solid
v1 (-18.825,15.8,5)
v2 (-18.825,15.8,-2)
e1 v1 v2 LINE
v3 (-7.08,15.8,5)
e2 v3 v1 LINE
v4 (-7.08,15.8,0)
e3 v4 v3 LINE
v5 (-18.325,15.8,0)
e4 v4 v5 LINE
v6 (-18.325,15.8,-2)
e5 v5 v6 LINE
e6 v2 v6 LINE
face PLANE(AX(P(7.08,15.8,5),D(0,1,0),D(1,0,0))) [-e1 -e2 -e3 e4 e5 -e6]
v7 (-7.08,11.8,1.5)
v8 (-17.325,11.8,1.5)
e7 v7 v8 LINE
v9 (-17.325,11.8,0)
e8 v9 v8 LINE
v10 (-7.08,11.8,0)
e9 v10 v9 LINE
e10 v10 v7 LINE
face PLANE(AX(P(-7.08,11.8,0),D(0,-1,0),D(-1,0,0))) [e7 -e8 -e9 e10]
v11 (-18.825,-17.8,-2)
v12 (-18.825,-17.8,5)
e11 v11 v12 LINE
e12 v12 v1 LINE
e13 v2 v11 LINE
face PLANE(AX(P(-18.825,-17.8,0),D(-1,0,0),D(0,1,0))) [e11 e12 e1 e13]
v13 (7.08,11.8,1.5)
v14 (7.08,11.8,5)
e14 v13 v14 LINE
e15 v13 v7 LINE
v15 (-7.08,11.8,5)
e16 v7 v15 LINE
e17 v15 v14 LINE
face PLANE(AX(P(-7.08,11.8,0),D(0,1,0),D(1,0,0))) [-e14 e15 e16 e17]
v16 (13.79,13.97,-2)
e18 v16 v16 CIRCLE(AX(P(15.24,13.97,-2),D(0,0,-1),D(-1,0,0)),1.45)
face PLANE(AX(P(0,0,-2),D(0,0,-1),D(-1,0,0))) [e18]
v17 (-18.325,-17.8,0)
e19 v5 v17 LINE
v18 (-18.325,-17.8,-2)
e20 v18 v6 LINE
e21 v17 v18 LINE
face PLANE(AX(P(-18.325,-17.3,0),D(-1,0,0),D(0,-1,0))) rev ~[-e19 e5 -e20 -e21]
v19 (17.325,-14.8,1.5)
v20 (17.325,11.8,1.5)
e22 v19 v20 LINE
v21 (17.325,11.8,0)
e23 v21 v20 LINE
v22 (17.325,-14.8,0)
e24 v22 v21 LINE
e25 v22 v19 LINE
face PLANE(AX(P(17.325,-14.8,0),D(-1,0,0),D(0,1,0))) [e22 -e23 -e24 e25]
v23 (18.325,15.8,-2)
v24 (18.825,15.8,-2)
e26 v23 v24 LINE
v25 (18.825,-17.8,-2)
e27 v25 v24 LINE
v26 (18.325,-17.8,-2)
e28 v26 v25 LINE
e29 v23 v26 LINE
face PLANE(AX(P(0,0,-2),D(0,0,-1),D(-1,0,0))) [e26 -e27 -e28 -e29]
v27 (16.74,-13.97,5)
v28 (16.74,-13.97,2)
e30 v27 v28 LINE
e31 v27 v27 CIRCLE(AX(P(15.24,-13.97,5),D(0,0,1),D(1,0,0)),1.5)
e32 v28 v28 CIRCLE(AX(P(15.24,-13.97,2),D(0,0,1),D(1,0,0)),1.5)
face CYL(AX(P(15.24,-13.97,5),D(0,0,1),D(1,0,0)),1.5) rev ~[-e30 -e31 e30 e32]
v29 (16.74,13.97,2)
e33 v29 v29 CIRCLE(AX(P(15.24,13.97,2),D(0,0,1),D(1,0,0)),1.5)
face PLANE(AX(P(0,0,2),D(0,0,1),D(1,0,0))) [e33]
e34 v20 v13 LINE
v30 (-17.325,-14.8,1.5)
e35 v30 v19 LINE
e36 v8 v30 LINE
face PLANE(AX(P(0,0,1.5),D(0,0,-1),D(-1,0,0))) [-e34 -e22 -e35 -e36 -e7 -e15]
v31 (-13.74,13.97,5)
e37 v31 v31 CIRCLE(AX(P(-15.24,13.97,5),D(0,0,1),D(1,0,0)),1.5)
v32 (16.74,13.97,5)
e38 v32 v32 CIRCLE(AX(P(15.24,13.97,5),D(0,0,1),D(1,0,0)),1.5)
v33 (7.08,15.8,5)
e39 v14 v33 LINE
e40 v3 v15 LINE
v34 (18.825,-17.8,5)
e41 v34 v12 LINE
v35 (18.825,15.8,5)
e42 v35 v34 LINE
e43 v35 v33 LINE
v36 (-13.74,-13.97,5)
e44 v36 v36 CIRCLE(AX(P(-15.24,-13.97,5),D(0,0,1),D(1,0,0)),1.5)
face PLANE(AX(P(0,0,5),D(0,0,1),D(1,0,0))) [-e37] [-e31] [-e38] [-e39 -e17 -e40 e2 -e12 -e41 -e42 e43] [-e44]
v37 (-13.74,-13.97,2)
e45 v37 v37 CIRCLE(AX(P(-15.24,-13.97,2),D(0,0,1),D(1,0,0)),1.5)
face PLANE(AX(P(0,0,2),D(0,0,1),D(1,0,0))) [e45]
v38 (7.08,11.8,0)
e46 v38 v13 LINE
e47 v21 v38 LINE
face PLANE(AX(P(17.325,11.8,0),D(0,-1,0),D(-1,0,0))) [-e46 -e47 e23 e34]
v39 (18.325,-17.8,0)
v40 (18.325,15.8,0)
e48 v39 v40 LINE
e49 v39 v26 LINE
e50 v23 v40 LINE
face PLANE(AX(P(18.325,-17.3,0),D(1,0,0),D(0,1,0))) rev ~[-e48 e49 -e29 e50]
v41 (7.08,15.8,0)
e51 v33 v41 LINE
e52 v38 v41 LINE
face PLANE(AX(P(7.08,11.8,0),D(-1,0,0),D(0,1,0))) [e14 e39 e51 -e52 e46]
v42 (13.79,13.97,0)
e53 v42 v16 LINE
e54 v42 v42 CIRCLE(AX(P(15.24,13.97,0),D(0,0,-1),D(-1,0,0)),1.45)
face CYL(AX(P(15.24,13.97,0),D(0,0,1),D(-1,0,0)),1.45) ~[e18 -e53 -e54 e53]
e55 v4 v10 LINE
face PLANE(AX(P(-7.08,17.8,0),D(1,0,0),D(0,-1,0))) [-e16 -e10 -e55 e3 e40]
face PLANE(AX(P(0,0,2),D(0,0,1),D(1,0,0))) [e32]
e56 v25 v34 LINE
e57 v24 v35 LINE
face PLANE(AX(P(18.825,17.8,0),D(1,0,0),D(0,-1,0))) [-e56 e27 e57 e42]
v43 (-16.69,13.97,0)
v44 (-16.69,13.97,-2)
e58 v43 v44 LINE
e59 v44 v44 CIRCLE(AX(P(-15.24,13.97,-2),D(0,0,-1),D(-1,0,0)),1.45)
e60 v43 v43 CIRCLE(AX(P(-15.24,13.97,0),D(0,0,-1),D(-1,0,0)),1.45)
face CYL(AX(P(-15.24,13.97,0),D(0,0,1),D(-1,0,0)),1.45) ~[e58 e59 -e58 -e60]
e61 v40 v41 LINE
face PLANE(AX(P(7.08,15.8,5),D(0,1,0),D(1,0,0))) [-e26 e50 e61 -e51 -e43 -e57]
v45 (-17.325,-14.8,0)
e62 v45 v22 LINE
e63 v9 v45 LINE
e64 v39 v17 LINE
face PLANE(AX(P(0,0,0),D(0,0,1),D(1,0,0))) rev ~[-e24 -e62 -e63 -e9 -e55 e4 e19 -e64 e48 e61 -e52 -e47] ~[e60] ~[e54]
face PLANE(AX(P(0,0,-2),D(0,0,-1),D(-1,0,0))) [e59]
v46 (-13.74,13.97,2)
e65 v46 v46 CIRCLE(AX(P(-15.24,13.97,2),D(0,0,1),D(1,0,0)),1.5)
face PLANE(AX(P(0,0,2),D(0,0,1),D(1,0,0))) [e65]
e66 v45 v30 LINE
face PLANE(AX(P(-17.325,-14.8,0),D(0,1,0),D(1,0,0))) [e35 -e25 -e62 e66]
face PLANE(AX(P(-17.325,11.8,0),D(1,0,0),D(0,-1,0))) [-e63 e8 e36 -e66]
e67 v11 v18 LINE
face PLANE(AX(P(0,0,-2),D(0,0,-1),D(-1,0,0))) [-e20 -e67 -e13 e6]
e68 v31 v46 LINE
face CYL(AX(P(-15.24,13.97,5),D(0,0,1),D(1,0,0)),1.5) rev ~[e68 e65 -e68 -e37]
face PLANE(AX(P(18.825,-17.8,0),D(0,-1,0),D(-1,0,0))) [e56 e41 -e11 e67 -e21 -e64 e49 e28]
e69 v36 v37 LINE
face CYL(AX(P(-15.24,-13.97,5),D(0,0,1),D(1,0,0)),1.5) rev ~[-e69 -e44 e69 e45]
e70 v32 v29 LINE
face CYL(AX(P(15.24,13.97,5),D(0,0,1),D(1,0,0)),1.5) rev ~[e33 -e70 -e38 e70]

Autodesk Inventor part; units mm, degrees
ref_plane "YZ Plane" through (0, 0, 0) normal (1, 0, 0) x (0, 1, 0)
ref_plane "XZ Plane" through (0, 0, 0) normal (0, 1, 0) x (-1, 0, 0)
ref_plane "XY Plane" through (0, 0, 0) normal (0, 0, 1) x (1, 0, 0)
ref_plane "Work Plane1" through (0, 0, 0) normal (0, 0, 1) x (1, 0, 0)
sketch "Sketch1" plane through (0, 0, 0) normal (0, 0, 1) x (1, 0, 0)
  line L0 (-17.825, 16.8) -> (-17.825, -16.8) construction
  line L1 (-17.825, -16.8) -> (-7, -16.8) construction
  line L2 (-7, -16.8) -> (-7, -13.05) construction
  line L3 (-7, -13.05) -> (7, -13.05) construction
  line L4 (7, -13.05) -> (7, -16.8) construction
  line L5 (7, -16.8) -> (17.825, -16.8) construction
  line L6 (17.825, -16.8) -> (17.825, 16.8) construction
  line L7 (17.825, 16.8) -> (-17.825, 16.8) construction
  circle A0 centre (15.24, 13.97) radius 2.5 construction
  circle A1 centre (-15.24, 13.97) radius 2.5 construction
  circle A2 centre (-15.24, -13.97) radius 2.5 construction
  circle A3 centre (15.24, -13.97) radius 2.5 construction
  line L8 (-18.825, 17.8) -> (-7.08, 17.8)
  line L9 (-7.08, 17.8) -> (-7.08, 11.8)
  line L10 (-7.08, 11.8) -> (7.08, 11.8)
  line L11 (7.08, 11.8) -> (7.08, 17.8)
  line L12 (7.08, 17.8) -> (18.825, 17.8)
  line L13 (18.825, 17.8) -> (18.825, -17.8)
  line L14 (18.825, -17.8) -> (-18.825, -17.8)
  line L15 (-18.825, -17.8) -> (-18.825, 17.8)
  line L16 (-5.08, 14.5) -> (-5.08, 16.3) projected
  line L17 (5.08, 14.5) -> (5.08, 16.3) projected
  point P0 (0, 0)
  dimension "d0" = 1
  dimension "d1" = 1
  dimension "d2" = 1
  dimension "d3" = 1
  dimension "d4" = 2
  dimension "d5" = 5
extrude "Extrusion1" add sketch "Sketch1" along normal blind 5
sketch "Sketch2" plane through (0, 0, 5) normal (0, 0, 1) x (1, 0, 0)
  circle A0 centre (-15.24, 13.97) radius 1.5 projected
  circle A1 centre (-15.24, -13.97) radius 1.5 projected
  circle A2 centre (15.24, -13.97) radius 1.5 projected
  circle A3 centre (15.24, 13.97) radius 1.5 projected
  point P0 (0, 0)
extrude "Extrusion2" cut sketch "Sketch2" against normal blind 3
sketch "Sketch3" plane through (0, 0, 0) normal (0, 0, -1) x (-1, 0, 0)
  circle A0 centre (-15.24, 13.97) radius 1.5 construction
  circle A1 centre (15.24, 13.97) radius 1.5 construction
  circle A2 centre (15.24, -13.97) radius 1.5 construction
  circle A3 centre (-15.24, -13.97) radius 1.5 construction
  circle A4 centre (-15.24, 13.97) radius 1.45
  circle A5 centre (15.24, 13.97) radius 1.45
  circle A6 centre (15.24, -13.97) radius 1.45
  circle A7 centre (-15.24, -13.97) radius 1.45
  point P0 (0, 0)
  dimension "d10" = 2.9
extrude "Extrusion3" add sketch "Sketch3" along normal blind 2 contours A4 | A5
sketch "Sketch4" plane through (0, 0, 0) normal (0, 0, -1) x (-1, 0, 0)
  line L0 (18.825, 17.8) -> (18.825, -17.8) projected
  line L1 (7.08, 17.8) -> (18.825, 17.8) projected
  line L2 (-18.825, 17.8) -> (-7.08, 17.8) projected
  line L3 (-18.825, -17.8) -> (-18.825, 17.8) projected
  line L4 (18.825, -17.8) -> (-18.825, -17.8) projected
  line L5 (7.08, 11.8) -> (7.08, 17.8) projected
  line L6 (7.08, 17.8) -> (7.08, 17.3)
  line L7 (7.08, 17.3) -> (18.325, 17.3)
  line L8 (18.325, 17.3) -> (18.325, -17.3)
  line L9 (18.325, -17.3) -> (-18.325, -17.3)
  line L10 (-18.325, -17.3) -> (-18.325, 17.3)
  line L11 (-18.325, 17.3) -> (-7.08, 17.3)
  line L12 (-7.08, 17.3) -> (-7.08, 17.8)
  line L13 (-18.325, -17.3) -> (-18.325, -17.8)
  line L14 (18.325, -17.3) -> (18.325, -17.8)
  line L15 (18.825, -17.8) -> (-18.825, -17.8) projected
  point P0 (0, 0)
  dimension "d13" = 0.5
  dimension "d14" = 0.5
  dimension "d15" = 0.5
  dimension "d16" = 0.5
extrude "Extrusion4" add sketch "Sketch4" along normal blind 2 contours L0 L4 L14 L8 L7 L5 L1 | L4 L3 L2 L12 L11 L10 L13
sketch "Sketch5" plane through (7.08, 17.8, 5) normal (0, 1, 0) x (1, 0, 0)
  line L0 (23.7251, 17.6627) -> (-33.6889, 17.6627)
  line L1 (-33.6889, 17.6627) -> (-33.6889, -9.8348)
  line L2 (-33.6889, -9.8348) -> (23.7251, -9.8348)
  line L3 (23.7251, -9.8348) -> (23.7251, 17.6627)
  point P0 (-7.08, 5)
extrude "Extrusion5" cut sketch "Sketch5" against normal blind 2
sketch "Sketch6" plane through (0, 0, 0) normal (0, 0, -1) x (-1, 0, 0)
  line L0 (-17.325, 11.8) -> (17.325, 11.8)
  line L1 (17.325, 11.8) -> (17.325, -14.8)
  line L2 (17.325, -14.8) -> (-17.325, -14.8)
  line L3 (-17.325, -14.8) -> (-17.325, 11.8)
  line L4 (-7.08, 11.8) -> (7.08, 11.8) projected
  line L5 (-18.325, -17.8) -> (-18.325, 15.8) projected
  line L6 (18.325, 15.8) -> (18.325, -17.8) projected
  line L7 (18.325, -17.8) -> (-18.325, -17.8) projected
  point P0 (0, 0)
  point P1 (0, 11.8)
  dimension "d21" = 1
  dimension "d22" = 1
  dimension "d23" = 3
extrude "Extrusion6" cut sketch "Sketch6" against normal blind 1.5
properties part number "OledCarrier"
